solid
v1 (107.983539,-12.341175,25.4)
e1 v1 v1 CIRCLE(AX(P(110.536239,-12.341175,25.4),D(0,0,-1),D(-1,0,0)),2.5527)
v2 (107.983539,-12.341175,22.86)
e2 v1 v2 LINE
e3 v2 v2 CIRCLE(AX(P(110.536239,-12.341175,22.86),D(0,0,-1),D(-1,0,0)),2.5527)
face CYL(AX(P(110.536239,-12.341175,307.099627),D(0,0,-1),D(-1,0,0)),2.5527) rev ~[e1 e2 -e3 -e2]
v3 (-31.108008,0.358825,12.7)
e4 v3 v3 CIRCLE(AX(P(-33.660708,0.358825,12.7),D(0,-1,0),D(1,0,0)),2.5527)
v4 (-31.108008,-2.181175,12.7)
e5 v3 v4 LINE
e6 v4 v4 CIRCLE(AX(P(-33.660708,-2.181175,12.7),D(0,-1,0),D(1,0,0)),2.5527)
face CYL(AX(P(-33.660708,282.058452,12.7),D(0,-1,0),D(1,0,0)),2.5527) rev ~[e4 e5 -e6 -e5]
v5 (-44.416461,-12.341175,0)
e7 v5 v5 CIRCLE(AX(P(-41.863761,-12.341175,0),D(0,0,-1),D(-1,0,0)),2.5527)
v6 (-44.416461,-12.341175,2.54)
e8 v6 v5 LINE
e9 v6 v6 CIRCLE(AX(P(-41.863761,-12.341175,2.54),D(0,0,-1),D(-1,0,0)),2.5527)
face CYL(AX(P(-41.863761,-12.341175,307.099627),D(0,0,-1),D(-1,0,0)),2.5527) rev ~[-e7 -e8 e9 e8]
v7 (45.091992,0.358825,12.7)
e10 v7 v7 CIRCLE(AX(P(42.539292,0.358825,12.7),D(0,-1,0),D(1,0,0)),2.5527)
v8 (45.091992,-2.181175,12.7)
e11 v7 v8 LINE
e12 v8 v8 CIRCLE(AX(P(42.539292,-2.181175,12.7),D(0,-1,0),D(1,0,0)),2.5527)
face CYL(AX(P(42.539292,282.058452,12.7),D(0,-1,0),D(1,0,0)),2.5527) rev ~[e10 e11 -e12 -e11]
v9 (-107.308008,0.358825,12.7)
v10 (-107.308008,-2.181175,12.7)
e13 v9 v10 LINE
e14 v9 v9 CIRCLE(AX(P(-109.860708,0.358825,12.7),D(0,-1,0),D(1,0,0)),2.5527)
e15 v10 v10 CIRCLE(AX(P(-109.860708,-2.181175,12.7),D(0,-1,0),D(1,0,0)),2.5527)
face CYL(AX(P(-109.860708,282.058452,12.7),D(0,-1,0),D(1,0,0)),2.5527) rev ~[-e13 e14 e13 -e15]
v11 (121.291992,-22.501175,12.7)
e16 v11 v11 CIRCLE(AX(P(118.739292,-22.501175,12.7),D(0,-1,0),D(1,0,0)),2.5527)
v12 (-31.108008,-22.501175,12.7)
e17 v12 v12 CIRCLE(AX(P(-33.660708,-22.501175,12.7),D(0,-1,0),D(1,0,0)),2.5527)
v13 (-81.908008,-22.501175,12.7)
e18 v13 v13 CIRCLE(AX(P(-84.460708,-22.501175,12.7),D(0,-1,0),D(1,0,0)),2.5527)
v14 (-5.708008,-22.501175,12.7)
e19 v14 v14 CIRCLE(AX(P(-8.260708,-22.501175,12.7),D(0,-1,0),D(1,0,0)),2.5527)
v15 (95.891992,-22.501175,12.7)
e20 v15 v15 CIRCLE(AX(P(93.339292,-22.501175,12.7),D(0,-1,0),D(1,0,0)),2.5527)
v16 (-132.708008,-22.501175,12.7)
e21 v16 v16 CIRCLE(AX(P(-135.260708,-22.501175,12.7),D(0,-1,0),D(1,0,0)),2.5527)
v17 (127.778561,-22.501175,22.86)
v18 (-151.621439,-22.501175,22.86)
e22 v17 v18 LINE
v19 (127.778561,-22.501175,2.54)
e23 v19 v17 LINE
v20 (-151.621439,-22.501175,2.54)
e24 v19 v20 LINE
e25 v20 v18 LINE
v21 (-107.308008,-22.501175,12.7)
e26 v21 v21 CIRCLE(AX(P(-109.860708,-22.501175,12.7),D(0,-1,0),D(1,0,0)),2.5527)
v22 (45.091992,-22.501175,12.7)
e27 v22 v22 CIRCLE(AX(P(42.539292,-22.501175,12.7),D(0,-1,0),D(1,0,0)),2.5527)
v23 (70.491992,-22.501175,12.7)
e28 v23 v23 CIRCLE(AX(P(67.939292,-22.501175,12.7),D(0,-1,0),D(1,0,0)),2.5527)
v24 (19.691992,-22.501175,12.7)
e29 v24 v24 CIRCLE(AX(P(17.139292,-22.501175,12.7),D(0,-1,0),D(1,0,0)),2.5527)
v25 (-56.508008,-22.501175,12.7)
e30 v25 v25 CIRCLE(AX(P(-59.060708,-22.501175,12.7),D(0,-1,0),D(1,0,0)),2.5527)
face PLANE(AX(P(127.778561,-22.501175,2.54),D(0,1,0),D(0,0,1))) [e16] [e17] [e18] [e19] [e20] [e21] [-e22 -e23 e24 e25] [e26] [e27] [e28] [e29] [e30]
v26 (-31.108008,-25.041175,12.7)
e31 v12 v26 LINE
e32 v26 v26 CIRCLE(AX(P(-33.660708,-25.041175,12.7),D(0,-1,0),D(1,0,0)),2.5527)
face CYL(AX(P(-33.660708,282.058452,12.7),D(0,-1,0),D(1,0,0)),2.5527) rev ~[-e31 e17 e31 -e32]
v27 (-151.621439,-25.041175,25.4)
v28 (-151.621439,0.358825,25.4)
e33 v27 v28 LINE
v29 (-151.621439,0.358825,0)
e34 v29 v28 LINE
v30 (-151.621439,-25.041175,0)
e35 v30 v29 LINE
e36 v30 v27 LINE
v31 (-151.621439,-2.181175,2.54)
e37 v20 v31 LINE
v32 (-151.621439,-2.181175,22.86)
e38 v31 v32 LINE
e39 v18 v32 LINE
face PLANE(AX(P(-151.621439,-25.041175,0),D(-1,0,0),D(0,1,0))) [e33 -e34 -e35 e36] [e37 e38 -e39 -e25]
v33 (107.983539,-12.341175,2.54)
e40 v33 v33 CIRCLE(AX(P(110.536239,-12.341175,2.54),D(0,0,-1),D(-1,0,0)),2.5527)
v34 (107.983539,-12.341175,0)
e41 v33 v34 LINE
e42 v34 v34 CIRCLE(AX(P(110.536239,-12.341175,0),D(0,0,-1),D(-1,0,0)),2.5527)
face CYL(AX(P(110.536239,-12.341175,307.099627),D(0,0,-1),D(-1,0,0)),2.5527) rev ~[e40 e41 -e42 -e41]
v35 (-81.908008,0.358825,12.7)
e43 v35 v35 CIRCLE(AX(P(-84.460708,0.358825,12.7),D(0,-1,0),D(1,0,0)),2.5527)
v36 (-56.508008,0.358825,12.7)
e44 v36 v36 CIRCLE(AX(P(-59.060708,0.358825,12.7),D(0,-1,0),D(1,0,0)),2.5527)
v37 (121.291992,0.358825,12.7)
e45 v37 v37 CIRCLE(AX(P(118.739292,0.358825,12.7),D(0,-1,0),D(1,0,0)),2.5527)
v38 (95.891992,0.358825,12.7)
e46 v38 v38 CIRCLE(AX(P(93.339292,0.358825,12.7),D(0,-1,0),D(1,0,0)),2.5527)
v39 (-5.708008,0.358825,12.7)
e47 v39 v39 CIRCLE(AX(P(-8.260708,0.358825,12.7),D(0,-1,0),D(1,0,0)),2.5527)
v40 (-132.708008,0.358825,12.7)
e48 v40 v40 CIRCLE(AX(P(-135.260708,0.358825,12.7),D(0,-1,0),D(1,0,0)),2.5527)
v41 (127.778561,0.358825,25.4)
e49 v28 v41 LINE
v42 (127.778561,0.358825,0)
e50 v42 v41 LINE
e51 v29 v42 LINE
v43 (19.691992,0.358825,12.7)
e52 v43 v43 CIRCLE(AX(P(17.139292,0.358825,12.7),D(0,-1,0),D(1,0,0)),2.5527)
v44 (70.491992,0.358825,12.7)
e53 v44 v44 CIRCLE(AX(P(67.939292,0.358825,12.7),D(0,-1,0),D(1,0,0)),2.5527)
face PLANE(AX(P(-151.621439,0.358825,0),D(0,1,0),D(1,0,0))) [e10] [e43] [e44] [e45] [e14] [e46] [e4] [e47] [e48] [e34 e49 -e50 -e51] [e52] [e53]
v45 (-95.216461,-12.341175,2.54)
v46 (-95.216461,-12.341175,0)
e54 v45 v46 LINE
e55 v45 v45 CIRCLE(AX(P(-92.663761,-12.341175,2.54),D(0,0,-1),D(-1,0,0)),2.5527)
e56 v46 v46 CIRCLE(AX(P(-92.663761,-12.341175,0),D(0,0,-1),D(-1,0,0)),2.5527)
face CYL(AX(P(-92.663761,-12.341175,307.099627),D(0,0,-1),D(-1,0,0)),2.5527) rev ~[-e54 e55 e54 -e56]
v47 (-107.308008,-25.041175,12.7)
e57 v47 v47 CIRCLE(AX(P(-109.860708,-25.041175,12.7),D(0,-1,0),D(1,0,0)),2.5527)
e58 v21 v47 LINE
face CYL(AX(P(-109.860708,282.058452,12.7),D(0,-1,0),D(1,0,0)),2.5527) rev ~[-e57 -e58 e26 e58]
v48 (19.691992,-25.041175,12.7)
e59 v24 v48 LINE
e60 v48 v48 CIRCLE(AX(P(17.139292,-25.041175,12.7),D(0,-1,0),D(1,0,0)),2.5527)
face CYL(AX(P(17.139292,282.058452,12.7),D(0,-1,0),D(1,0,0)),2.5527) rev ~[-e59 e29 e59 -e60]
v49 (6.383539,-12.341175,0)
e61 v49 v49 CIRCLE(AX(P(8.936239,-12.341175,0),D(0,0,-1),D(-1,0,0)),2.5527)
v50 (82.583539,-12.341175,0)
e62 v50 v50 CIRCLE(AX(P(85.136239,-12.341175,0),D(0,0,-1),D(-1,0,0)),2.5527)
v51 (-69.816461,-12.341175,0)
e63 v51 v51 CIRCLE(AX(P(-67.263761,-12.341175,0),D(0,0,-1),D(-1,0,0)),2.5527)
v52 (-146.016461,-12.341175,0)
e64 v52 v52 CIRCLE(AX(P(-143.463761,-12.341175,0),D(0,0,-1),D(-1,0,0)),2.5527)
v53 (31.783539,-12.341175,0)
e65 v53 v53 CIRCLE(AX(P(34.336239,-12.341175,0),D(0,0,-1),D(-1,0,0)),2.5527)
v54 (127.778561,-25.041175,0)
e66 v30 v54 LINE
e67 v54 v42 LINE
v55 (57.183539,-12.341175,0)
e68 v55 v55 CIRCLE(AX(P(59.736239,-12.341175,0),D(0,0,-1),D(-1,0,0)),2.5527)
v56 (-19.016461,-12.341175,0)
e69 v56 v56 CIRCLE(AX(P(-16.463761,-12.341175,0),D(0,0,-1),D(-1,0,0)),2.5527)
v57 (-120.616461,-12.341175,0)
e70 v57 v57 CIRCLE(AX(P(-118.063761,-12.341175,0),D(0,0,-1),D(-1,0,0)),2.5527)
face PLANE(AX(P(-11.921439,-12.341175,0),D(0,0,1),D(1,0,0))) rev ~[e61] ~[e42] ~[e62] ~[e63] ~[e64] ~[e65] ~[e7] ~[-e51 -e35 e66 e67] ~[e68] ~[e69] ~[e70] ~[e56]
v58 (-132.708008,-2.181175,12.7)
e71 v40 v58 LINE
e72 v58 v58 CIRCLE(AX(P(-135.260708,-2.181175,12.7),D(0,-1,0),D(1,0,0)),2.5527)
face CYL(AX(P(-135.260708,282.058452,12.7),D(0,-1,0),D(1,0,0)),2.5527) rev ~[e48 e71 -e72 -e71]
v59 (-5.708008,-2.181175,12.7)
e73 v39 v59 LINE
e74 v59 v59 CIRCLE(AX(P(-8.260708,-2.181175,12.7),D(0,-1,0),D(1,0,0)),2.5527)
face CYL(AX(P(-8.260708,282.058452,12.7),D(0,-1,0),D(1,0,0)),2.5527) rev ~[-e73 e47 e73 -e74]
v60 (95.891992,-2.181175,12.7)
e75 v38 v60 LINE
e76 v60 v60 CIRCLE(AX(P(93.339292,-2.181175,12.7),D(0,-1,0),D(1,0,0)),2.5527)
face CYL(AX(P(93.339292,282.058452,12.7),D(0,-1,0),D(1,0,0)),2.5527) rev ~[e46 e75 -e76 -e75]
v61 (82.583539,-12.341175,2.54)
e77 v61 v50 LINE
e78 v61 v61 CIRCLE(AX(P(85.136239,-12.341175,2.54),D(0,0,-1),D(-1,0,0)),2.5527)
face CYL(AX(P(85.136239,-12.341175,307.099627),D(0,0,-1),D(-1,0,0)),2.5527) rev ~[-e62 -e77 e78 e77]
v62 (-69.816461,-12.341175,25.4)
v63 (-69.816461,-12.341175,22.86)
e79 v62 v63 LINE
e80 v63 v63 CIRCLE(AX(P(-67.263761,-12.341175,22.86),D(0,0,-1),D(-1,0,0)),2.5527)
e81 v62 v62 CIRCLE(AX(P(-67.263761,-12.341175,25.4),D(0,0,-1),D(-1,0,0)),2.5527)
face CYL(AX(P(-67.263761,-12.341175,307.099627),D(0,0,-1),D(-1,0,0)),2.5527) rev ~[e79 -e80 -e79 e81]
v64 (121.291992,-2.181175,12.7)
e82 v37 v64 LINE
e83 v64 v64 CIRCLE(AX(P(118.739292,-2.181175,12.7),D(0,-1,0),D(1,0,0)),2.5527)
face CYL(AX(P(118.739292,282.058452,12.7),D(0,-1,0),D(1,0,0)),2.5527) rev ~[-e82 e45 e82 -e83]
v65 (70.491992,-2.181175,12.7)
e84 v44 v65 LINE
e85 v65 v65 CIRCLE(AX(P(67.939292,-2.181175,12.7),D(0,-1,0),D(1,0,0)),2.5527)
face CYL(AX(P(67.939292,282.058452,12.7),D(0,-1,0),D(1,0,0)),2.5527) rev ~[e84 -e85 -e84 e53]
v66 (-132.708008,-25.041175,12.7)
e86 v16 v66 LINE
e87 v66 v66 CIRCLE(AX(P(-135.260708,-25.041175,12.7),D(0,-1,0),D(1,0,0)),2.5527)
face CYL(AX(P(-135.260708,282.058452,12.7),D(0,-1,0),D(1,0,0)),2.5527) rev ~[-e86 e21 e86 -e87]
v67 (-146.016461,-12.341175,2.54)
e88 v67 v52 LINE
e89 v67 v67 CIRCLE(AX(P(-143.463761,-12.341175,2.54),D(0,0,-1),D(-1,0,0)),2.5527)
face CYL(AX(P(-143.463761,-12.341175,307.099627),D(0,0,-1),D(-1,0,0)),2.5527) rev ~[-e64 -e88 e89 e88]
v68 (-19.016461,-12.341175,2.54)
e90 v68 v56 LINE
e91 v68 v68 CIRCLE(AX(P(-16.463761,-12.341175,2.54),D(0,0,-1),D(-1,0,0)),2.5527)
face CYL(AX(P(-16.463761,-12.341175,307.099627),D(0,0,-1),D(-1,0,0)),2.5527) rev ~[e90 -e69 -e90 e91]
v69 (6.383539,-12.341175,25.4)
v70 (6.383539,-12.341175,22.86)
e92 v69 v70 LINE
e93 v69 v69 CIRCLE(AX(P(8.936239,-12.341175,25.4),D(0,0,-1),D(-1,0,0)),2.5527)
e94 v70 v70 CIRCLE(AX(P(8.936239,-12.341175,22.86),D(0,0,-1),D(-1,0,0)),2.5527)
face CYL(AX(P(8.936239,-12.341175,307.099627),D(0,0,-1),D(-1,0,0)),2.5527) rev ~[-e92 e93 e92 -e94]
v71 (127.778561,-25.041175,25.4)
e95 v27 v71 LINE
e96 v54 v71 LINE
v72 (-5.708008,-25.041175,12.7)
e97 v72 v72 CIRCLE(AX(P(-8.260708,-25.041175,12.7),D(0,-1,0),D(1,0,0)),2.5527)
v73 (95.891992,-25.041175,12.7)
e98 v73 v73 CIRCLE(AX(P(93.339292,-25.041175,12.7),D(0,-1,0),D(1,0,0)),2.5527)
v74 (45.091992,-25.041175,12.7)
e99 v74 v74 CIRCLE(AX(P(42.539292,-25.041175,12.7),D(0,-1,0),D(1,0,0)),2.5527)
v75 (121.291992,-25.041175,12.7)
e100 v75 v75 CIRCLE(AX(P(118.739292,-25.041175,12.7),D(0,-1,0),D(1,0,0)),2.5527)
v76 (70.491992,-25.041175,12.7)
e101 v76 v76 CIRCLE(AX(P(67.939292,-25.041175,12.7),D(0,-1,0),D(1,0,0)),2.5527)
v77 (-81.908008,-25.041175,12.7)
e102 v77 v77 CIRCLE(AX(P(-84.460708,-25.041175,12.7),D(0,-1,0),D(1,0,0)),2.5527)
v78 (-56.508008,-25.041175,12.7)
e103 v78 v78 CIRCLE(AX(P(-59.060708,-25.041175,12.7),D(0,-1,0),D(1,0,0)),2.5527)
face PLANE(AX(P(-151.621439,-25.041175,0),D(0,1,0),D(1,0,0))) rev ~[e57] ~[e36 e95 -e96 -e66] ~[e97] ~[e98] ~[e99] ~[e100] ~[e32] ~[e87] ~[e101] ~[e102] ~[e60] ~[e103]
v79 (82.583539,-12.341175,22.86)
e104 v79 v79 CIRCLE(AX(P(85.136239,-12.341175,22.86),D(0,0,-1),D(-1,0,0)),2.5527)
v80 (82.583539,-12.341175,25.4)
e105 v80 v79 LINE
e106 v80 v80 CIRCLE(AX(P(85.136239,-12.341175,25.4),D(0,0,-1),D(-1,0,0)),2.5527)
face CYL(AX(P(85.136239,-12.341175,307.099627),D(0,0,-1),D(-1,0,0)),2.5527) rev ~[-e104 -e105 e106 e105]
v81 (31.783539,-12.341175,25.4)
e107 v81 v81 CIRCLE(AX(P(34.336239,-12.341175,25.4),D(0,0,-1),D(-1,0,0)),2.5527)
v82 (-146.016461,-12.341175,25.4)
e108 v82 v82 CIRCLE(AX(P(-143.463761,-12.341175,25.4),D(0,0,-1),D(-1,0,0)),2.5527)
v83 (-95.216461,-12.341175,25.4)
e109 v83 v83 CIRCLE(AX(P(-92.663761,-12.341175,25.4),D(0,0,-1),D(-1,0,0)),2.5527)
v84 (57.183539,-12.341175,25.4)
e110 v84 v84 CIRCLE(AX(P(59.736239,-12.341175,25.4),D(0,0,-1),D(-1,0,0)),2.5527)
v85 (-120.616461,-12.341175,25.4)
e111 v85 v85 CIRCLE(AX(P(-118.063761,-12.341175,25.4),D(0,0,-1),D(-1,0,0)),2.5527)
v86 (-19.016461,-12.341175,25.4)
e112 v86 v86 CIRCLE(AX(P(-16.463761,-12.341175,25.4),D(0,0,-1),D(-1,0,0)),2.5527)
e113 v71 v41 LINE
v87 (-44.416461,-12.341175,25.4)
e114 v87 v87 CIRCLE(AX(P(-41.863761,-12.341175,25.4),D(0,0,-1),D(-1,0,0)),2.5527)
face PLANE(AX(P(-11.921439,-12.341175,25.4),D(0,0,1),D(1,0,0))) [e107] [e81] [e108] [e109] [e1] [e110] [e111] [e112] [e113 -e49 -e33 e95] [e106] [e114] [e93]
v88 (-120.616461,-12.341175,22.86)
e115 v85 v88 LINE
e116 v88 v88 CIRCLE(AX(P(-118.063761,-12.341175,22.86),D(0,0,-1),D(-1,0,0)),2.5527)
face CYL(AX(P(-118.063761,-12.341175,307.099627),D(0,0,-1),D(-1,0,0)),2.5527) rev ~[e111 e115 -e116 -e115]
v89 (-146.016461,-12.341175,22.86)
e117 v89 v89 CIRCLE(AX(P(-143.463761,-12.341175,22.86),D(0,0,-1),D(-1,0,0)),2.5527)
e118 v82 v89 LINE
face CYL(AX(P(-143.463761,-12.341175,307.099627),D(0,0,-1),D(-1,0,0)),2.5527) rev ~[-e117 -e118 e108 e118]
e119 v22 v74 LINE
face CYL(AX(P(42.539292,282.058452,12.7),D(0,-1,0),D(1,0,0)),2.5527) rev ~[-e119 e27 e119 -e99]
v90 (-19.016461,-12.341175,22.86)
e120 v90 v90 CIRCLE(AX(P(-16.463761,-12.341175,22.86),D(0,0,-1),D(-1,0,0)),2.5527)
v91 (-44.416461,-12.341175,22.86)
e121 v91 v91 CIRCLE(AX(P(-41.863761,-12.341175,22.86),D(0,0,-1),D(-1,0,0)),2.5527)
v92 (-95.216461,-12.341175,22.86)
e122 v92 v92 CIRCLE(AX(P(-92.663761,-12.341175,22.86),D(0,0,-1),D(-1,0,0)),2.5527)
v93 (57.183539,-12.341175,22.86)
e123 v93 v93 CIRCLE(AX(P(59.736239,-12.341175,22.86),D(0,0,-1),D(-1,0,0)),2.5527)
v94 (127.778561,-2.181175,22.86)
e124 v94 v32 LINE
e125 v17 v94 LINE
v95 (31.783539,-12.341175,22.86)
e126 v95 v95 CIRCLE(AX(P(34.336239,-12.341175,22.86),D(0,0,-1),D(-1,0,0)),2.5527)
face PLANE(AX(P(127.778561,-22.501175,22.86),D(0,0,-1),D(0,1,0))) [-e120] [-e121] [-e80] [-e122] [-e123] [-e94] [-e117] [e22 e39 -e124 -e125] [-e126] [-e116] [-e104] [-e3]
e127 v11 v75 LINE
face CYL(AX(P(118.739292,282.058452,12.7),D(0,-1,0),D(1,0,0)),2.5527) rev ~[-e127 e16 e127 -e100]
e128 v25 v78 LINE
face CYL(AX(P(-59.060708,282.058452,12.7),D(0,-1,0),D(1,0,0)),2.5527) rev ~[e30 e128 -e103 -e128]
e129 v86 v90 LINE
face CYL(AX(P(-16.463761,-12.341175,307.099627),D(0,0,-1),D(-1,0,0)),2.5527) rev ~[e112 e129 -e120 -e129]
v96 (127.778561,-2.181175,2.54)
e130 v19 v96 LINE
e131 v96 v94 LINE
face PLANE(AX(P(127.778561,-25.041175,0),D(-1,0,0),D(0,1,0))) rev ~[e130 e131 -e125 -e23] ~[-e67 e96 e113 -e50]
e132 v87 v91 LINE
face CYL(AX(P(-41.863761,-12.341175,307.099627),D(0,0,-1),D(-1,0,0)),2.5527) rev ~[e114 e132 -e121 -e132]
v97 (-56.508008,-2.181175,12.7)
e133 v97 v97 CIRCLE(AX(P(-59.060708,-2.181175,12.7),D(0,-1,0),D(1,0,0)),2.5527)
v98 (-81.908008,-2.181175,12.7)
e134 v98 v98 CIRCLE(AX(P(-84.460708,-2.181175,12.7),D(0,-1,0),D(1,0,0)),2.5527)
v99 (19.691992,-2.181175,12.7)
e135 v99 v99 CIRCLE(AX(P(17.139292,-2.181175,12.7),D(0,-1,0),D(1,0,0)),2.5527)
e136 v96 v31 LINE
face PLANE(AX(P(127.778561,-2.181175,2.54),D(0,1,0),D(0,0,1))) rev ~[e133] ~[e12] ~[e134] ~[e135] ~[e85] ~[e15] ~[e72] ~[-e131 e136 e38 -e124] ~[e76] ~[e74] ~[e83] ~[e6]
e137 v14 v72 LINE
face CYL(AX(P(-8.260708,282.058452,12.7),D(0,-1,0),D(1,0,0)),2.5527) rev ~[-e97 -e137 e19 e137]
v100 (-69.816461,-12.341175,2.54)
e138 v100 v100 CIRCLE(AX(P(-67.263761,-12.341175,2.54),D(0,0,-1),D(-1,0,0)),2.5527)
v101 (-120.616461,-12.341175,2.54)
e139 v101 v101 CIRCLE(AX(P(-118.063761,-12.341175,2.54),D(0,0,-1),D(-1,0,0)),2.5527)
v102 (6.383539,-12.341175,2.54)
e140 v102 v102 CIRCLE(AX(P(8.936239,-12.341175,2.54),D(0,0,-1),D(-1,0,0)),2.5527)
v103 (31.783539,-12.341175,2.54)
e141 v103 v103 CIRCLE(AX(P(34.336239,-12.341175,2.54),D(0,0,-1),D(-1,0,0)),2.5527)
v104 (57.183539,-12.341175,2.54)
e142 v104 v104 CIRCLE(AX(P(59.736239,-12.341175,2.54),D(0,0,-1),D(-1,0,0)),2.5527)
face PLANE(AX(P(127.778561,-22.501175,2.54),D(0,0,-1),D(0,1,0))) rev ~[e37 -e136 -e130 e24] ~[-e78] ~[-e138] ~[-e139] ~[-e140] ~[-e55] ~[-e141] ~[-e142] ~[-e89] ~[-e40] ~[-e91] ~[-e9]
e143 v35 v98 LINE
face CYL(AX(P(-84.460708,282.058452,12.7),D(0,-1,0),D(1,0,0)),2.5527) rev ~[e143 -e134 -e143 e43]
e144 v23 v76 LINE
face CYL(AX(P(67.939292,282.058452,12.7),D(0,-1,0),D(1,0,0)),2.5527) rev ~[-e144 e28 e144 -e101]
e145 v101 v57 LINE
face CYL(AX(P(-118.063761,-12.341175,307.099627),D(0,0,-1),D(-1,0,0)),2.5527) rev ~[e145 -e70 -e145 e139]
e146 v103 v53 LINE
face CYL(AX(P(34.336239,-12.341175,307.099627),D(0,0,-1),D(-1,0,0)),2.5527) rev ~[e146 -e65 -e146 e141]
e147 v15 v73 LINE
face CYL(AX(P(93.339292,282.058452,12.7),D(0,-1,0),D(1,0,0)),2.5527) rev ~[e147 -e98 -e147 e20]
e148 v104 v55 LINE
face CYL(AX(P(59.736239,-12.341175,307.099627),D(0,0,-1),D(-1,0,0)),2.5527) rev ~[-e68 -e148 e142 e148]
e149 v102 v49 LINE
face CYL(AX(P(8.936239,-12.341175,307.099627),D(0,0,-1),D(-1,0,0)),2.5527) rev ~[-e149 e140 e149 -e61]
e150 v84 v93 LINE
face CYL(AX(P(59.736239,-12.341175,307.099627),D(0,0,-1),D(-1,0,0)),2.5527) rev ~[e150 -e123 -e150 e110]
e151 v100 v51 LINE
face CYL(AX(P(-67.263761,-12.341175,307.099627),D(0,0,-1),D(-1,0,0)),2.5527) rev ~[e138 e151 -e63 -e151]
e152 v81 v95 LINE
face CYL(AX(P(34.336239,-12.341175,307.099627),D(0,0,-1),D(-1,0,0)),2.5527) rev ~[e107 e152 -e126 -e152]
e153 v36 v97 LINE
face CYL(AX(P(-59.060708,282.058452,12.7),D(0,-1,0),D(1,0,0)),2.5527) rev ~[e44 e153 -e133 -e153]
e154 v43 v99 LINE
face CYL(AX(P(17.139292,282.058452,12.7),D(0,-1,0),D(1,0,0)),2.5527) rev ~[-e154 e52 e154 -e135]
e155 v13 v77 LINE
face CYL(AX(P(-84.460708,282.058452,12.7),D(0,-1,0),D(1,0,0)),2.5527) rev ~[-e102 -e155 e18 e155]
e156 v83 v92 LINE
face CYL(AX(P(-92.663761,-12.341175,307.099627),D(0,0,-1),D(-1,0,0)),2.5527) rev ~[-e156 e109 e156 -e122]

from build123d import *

# Parameters (mm, degrees)
F0_W     = 279.4
F0_H     = 25.4
F1_DEPTH = 25.4
F2_W     = 20.32
F2_H     = 20.32
F3_DEPTH = 279.4
F6_D     = 5.1054
F7_D     = 5.1054


with BuildPart() as f1:
    # F0 (on Top) → F1 (new body)
    with BuildSketch(Plane.XY):
        with Locations((-11.921439, -12.341175)):
            Rectangle(F0_W, F0_H)
    extrude(amount=F1_DEPTH)

    # F2 (on face) → F3 (cut)
    with BuildSketch(Plane.YZ.offset(127.778561)):
        with Locations((-12.341175, 12.7)):
            Rectangle(F2_W, F2_H)
    extrude(amount=-F3_DEPTH, mode=Mode.SUBTRACT)

    # F6 (through all)
    with Locations(Plane(origin=(0, 0.358825, 0), x_dir=(-1, 0, 0), z_dir=(0, 1, 0))):
        with Locations((8.260708, 12.7), (135.260708, 12.7), (-93.339292, 12.7), (109.860708, 12.7), (-17.139292, 12.7), (-67.939292, 12.7), (33.660708, 12.7), (-118.739292, 12.7), (-42.539292, 12.7), (59.060708, 12.7), (84.460708, 12.7)):
            Hole(F6_D / 2)

    # F7 (through all)
    with Locations(Plane.XY.offset(25.4)):
        with Locations((34.336239, -12.341175), (-92.663761, -12.341175), (-16.463761, -12.341175), (-41.863761, -12.341175), (8.936239, -12.341175), (59.736239, -12.341175), (-67.263761, -12.341175), (-143.463761, -12.341175), (-118.063761, -12.341175), (85.136239, -12.341175), (110.536239, -12.341175)):
            Hole(F7_D / 2)


solid = f1.part
